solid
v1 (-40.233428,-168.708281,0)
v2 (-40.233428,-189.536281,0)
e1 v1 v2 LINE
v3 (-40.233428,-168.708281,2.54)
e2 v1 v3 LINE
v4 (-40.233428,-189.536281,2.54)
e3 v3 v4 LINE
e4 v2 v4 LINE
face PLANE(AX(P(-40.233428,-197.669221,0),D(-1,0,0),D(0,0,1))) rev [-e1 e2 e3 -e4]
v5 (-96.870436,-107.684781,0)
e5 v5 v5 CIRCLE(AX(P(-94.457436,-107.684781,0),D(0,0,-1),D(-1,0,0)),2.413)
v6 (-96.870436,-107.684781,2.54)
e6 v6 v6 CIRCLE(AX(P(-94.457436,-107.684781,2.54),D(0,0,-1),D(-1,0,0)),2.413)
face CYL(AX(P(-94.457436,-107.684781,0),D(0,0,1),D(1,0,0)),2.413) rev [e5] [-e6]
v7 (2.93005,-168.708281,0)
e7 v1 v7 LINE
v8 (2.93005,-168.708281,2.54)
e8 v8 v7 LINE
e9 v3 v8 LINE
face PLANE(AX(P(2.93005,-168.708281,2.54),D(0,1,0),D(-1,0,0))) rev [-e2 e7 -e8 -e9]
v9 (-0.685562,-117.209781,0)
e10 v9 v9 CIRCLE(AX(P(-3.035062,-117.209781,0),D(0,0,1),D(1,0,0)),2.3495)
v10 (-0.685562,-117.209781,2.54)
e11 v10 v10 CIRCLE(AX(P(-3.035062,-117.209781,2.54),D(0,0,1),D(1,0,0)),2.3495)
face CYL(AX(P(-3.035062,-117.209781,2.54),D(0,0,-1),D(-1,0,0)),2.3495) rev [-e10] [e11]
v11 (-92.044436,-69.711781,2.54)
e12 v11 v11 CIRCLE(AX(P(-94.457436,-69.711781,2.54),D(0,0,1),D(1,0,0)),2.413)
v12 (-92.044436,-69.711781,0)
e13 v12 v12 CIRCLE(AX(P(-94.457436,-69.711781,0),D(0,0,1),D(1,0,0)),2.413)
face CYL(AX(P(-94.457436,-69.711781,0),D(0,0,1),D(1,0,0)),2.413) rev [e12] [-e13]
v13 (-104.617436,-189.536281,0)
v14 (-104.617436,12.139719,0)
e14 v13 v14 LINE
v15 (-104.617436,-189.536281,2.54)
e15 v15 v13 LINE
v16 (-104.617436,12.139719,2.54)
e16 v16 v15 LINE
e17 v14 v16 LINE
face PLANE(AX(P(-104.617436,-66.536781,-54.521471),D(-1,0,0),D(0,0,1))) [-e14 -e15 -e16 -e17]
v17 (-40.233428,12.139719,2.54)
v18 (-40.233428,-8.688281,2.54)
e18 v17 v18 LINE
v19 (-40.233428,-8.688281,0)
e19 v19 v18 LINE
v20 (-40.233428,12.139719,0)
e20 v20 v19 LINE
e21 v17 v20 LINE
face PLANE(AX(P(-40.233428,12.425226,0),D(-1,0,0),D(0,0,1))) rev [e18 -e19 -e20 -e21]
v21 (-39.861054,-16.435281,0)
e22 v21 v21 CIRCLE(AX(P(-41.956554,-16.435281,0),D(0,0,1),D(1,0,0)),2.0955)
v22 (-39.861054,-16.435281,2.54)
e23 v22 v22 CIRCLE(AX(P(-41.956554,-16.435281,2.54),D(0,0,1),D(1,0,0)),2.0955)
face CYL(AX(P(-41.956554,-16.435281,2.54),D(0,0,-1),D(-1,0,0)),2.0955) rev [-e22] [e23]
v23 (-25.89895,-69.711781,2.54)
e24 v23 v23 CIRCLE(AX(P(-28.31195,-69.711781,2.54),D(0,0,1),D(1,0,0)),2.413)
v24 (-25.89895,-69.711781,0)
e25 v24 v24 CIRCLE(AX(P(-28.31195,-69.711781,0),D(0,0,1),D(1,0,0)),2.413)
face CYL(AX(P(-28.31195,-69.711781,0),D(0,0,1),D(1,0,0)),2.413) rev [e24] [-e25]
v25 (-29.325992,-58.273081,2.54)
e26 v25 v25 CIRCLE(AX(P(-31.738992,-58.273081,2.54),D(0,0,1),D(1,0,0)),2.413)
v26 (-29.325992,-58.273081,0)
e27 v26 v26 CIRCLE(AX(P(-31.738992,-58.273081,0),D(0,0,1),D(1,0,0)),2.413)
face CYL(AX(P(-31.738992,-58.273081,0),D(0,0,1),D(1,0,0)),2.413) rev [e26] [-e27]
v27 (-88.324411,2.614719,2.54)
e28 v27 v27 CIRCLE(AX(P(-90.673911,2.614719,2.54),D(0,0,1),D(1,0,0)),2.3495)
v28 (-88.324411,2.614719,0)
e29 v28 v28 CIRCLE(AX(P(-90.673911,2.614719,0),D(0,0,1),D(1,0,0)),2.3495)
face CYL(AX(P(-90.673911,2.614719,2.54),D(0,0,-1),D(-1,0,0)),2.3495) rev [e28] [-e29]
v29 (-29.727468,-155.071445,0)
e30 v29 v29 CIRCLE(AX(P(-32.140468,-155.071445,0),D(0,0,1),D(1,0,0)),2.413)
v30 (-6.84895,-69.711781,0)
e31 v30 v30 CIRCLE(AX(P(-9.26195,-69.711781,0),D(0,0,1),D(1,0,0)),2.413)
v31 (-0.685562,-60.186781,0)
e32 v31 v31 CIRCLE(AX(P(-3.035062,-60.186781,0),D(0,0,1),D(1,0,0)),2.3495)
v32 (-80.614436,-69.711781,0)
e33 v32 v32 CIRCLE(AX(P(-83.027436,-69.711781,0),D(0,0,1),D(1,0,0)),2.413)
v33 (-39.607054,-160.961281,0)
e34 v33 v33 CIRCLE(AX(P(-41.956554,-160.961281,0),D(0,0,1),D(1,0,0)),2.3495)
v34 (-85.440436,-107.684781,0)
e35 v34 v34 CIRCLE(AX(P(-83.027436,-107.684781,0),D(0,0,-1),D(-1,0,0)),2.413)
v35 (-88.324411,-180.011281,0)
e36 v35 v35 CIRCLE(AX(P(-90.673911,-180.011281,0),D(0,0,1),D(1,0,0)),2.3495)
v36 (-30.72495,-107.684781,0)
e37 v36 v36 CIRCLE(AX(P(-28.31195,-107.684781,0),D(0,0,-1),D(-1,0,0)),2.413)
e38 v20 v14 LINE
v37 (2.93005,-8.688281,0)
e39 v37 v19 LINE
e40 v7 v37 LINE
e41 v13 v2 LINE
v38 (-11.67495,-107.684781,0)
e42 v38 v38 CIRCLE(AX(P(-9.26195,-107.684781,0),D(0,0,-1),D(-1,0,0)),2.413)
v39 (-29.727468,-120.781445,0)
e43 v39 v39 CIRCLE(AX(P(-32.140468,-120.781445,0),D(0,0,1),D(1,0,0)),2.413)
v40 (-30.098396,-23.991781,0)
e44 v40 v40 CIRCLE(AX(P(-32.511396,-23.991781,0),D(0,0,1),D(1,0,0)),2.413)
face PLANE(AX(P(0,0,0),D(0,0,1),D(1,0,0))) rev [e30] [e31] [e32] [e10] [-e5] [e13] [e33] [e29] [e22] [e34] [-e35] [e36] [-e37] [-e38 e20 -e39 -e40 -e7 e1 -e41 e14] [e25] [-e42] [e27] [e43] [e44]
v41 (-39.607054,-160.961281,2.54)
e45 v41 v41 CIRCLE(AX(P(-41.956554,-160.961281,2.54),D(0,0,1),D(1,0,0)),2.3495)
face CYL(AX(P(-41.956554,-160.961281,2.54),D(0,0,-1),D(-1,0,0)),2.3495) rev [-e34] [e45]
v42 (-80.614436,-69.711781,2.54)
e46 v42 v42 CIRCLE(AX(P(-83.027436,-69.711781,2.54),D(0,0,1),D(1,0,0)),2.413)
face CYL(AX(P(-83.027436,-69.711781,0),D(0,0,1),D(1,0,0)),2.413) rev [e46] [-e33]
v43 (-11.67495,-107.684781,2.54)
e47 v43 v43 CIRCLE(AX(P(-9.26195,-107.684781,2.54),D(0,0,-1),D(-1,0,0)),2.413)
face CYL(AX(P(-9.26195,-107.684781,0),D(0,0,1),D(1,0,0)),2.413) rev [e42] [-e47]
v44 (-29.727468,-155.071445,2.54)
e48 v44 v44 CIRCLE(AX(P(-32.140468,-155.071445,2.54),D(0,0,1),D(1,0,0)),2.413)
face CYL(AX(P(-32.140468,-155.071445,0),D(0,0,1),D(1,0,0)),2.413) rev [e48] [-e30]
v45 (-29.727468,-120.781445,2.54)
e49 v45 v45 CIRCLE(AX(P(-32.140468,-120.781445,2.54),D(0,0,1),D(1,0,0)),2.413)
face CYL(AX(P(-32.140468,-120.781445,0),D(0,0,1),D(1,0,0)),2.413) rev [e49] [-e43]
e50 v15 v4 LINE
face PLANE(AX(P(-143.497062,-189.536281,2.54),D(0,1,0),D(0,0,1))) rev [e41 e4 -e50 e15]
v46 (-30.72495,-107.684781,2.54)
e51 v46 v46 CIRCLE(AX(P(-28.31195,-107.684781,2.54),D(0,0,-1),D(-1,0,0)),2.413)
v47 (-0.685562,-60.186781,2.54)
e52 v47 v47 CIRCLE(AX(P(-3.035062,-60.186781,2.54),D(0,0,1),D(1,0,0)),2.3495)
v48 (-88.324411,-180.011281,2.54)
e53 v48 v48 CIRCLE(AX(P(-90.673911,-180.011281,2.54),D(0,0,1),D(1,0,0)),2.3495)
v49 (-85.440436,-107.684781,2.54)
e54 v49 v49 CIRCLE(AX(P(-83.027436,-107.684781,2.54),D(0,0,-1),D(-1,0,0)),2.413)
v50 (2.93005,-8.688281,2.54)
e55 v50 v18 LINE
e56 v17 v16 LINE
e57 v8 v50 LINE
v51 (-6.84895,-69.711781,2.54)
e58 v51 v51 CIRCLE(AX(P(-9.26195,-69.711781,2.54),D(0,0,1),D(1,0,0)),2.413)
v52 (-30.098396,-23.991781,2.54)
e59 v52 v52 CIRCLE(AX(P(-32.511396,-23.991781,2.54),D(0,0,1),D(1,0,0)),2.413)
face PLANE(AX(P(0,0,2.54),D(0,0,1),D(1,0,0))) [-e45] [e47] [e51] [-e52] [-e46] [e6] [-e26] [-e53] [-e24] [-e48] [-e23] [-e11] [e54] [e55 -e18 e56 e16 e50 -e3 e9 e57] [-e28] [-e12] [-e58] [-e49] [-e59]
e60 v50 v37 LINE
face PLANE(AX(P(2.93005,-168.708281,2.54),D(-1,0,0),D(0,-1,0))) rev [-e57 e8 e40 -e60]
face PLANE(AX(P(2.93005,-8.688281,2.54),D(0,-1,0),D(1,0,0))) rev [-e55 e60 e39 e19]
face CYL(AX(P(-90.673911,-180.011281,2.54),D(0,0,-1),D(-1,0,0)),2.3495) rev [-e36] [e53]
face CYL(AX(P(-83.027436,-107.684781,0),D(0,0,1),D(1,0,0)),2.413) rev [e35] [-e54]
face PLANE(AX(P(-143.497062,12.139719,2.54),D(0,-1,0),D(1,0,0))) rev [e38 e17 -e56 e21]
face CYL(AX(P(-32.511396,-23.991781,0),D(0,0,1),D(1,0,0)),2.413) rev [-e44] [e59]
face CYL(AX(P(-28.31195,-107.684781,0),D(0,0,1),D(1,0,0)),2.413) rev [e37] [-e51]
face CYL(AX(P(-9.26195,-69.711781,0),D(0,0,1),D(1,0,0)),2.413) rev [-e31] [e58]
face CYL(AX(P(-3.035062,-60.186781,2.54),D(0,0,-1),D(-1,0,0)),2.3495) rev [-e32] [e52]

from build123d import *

# Parameters (mm, degrees)
SKETCH2_R               = 2.3495
SKETCH2_R_2             = 2.0955
BOSS_EXTRUDE1_DEPTH     = 2.54
SKETCH3_W               = 31.75
SKETCH3_H               = 44.323
BOSS_EXTRUDE2_DEPTH     = 2.54
SKETCH4_R               = 2.413
CUT_EXTRUDE1_DEPTH      = 238.743265275
SKETCH5_R               = 2.413
CUT_EXTRUDE2_DEPTH      = 238.743265275
SKETCH6_R               = 2.413
CUT_EXTRUDE3_DEPTH      = 238.743265275
SKETCH7_R               = 2.413
CUT_EXTRUDE4_DEPTH      = 238.743265275
SKETCH8_W               = 7.994763
SKETCH8_H               = 21.113506736
SKETCH8_W_2             = 21.493659396
SKETCH8_H_2             = 28.960940125
CUT_EXTRUDE5_DEPTH      = 238.743265275
CUT_EXTRUDE6_DEPTH      = 238.743265275
CUT_EXTRUDE6_DEPTH_BACK = 238.743265275


with BuildPart() as part:
    # Sketch2 → Boss-Extrude1 (new body)
    with BuildSketch(Plane(origin=(0, 0, 0), x_dir=(-1, 0, 0), z_dir=(0, 0, 1))):
        Polygon((-2.930050059, 168.708281075), (38.709428475, 168.708281075), (38.709428475, 189.536281075), (143.497061781, 189.536281075), (104.617436481, 110.859781075), (72.867436481, 110.859781075), (72.867436481, 66.536781075), (104.617436481, 66.536781075), (143.497061781, -12.139718925), (38.709428475, -12.139718925), (38.709428475, 8.688281075), (-2.930050059, 8.688281075), align=None)
        with Locations(Location((41.95655448, 160.961281075, 0), (0, 0, 180))):
            Circle(SKETCH2_R, mode=Mode.SUBTRACT)
        with Locations(Location((90.673911143, 180.011281075, 0), (0, 0, 180))):
            Circle(SKETCH2_R, mode=Mode.SUBTRACT)
        with Locations(Location((90.673911143, -2.614718925, 0), (0, 0, 180))):
            Circle(SKETCH2_R, mode=Mode.SUBTRACT)
        with Locations(Location((3.035061781, 117.209781075, 0), (0, 0, 180))):
            Circle(SKETCH2_R, mode=Mode.SUBTRACT)
        with Locations(Location((3.035061781, 60.186781075, 0), (0, 0, 180))):
            Circle(SKETCH2_R, mode=Mode.SUBTRACT)
        with Locations(Location((41.95655448, 16.435281075, 0), (0, 0, 180))):
            Circle(SKETCH2_R_2, mode=Mode.SUBTRACT)
    extrude(amount=BOSS_EXTRUDE1_DEPTH)

    # Sketch3 → Boss-Extrude2 (add)
    with BuildSketch(Plane.XY.offset(2.54)):
        with Locations((-88.742436481, -88.698281075)):
            Rectangle(SKETCH3_W, SKETCH3_H)
    extrude(amount=-BOSS_EXTRUDE2_DEPTH)

    # Sketch4 → Cut-Extrude1 (cut, through all)
    with BuildSketch(Plane.XY.offset(2.54)):
        with Locations((-94.457436481, -69.711781075)):
            Circle(SKETCH4_R)
        with Locations((-83.027436481, -69.711781075)):
            Circle(SKETCH4_R)
        with Locations((-28.311949941, -69.711781075)):
            Circle(SKETCH4_R)
        with Locations((-9.261949941, -69.711781075)):
            Circle(SKETCH4_R)
        with Locations(Location((-9.261949941, -107.684781075, 0), (0, 0, 180))):
            Circle(SKETCH4_R)
        with Locations(Location((-28.311949941, -107.684781075, 0), (0, 0, 180))):
            Circle(SKETCH4_R)
        with Locations(Location((-83.027436481, -107.684781075, 0), (0, 0, 180))):
            Circle(SKETCH4_R)
        with Locations(Location((-94.457436481, -107.684781075, 0), (0, 0, 180))):
            Circle(SKETCH4_R)
    extrude(amount=-CUT_EXTRUDE1_DEPTH, mode=Mode.SUBTRACT)

    # Sketch5 → Cut-Extrude2 (cut, through all)
    with BuildSketch(Plane.XY.offset(2.54)):
        with Locations((-31.738991634, -58.273080522)):
            Circle(SKETCH5_R)
    extrude(amount=-CUT_EXTRUDE2_DEPTH, mode=Mode.SUBTRACT)

    # Sketch6 → Cut-Extrude3 (cut, through all)
    with BuildSketch(Plane.XY.offset(2.54)):
        with Locations((-32.511395831, -23.991781075)):
            Circle(SKETCH6_R)
    extrude(amount=-CUT_EXTRUDE3_DEPTH, mode=Mode.SUBTRACT)

    # Sketch7 → Cut-Extrude4 (cut, through all)
    with BuildSketch(Plane.XY.offset(2.54)):
        with Locations((-32.140467993, -155.071444629)):
            Circle(SKETCH7_R)
        with Locations((-32.140467993, -120.781444629)):
            Circle(SKETCH7_R)
    extrude(amount=-CUT_EXTRUDE4_DEPTH, mode=Mode.SUBTRACT)

    # Sketch8 → Cut-Extrude5 (cut, through all)
    with BuildSketch(Plane.XY.offset(2.54)):
        with Locations((-36.236046975, 1.868472293)):
            Rectangle(SKETCH8_W, SKETCH8_H)
        with Locations((-29.486598777, -183.188751137)):
            Rectangle(SKETCH8_W_2, SKETCH8_H_2)
    extrude(amount=-CUT_EXTRUDE5_DEPTH, mode=Mode.SUBTRACT)

    # Sketch9 → Cut-Extrude6 (cut, two sides: drawn at the far end of the back side and taken through both)
    with BuildSketch(Plane.XY.offset(2.54).offset(-CUT_EXTRUDE6_DEPTH_BACK)):
        Polygon((-104.617436481, -66.536781075), (-104.617436481, 15.636566552), (-183.179161499, 15.636566552), (-188.262141255, -199.721259961), (-104.617436481, -202.664037714), align=None)
    extrude(amount=CUT_EXTRUDE6_DEPTH + CUT_EXTRUDE6_DEPTH_BACK, mode=Mode.SUBTRACT)


solid = part.part
